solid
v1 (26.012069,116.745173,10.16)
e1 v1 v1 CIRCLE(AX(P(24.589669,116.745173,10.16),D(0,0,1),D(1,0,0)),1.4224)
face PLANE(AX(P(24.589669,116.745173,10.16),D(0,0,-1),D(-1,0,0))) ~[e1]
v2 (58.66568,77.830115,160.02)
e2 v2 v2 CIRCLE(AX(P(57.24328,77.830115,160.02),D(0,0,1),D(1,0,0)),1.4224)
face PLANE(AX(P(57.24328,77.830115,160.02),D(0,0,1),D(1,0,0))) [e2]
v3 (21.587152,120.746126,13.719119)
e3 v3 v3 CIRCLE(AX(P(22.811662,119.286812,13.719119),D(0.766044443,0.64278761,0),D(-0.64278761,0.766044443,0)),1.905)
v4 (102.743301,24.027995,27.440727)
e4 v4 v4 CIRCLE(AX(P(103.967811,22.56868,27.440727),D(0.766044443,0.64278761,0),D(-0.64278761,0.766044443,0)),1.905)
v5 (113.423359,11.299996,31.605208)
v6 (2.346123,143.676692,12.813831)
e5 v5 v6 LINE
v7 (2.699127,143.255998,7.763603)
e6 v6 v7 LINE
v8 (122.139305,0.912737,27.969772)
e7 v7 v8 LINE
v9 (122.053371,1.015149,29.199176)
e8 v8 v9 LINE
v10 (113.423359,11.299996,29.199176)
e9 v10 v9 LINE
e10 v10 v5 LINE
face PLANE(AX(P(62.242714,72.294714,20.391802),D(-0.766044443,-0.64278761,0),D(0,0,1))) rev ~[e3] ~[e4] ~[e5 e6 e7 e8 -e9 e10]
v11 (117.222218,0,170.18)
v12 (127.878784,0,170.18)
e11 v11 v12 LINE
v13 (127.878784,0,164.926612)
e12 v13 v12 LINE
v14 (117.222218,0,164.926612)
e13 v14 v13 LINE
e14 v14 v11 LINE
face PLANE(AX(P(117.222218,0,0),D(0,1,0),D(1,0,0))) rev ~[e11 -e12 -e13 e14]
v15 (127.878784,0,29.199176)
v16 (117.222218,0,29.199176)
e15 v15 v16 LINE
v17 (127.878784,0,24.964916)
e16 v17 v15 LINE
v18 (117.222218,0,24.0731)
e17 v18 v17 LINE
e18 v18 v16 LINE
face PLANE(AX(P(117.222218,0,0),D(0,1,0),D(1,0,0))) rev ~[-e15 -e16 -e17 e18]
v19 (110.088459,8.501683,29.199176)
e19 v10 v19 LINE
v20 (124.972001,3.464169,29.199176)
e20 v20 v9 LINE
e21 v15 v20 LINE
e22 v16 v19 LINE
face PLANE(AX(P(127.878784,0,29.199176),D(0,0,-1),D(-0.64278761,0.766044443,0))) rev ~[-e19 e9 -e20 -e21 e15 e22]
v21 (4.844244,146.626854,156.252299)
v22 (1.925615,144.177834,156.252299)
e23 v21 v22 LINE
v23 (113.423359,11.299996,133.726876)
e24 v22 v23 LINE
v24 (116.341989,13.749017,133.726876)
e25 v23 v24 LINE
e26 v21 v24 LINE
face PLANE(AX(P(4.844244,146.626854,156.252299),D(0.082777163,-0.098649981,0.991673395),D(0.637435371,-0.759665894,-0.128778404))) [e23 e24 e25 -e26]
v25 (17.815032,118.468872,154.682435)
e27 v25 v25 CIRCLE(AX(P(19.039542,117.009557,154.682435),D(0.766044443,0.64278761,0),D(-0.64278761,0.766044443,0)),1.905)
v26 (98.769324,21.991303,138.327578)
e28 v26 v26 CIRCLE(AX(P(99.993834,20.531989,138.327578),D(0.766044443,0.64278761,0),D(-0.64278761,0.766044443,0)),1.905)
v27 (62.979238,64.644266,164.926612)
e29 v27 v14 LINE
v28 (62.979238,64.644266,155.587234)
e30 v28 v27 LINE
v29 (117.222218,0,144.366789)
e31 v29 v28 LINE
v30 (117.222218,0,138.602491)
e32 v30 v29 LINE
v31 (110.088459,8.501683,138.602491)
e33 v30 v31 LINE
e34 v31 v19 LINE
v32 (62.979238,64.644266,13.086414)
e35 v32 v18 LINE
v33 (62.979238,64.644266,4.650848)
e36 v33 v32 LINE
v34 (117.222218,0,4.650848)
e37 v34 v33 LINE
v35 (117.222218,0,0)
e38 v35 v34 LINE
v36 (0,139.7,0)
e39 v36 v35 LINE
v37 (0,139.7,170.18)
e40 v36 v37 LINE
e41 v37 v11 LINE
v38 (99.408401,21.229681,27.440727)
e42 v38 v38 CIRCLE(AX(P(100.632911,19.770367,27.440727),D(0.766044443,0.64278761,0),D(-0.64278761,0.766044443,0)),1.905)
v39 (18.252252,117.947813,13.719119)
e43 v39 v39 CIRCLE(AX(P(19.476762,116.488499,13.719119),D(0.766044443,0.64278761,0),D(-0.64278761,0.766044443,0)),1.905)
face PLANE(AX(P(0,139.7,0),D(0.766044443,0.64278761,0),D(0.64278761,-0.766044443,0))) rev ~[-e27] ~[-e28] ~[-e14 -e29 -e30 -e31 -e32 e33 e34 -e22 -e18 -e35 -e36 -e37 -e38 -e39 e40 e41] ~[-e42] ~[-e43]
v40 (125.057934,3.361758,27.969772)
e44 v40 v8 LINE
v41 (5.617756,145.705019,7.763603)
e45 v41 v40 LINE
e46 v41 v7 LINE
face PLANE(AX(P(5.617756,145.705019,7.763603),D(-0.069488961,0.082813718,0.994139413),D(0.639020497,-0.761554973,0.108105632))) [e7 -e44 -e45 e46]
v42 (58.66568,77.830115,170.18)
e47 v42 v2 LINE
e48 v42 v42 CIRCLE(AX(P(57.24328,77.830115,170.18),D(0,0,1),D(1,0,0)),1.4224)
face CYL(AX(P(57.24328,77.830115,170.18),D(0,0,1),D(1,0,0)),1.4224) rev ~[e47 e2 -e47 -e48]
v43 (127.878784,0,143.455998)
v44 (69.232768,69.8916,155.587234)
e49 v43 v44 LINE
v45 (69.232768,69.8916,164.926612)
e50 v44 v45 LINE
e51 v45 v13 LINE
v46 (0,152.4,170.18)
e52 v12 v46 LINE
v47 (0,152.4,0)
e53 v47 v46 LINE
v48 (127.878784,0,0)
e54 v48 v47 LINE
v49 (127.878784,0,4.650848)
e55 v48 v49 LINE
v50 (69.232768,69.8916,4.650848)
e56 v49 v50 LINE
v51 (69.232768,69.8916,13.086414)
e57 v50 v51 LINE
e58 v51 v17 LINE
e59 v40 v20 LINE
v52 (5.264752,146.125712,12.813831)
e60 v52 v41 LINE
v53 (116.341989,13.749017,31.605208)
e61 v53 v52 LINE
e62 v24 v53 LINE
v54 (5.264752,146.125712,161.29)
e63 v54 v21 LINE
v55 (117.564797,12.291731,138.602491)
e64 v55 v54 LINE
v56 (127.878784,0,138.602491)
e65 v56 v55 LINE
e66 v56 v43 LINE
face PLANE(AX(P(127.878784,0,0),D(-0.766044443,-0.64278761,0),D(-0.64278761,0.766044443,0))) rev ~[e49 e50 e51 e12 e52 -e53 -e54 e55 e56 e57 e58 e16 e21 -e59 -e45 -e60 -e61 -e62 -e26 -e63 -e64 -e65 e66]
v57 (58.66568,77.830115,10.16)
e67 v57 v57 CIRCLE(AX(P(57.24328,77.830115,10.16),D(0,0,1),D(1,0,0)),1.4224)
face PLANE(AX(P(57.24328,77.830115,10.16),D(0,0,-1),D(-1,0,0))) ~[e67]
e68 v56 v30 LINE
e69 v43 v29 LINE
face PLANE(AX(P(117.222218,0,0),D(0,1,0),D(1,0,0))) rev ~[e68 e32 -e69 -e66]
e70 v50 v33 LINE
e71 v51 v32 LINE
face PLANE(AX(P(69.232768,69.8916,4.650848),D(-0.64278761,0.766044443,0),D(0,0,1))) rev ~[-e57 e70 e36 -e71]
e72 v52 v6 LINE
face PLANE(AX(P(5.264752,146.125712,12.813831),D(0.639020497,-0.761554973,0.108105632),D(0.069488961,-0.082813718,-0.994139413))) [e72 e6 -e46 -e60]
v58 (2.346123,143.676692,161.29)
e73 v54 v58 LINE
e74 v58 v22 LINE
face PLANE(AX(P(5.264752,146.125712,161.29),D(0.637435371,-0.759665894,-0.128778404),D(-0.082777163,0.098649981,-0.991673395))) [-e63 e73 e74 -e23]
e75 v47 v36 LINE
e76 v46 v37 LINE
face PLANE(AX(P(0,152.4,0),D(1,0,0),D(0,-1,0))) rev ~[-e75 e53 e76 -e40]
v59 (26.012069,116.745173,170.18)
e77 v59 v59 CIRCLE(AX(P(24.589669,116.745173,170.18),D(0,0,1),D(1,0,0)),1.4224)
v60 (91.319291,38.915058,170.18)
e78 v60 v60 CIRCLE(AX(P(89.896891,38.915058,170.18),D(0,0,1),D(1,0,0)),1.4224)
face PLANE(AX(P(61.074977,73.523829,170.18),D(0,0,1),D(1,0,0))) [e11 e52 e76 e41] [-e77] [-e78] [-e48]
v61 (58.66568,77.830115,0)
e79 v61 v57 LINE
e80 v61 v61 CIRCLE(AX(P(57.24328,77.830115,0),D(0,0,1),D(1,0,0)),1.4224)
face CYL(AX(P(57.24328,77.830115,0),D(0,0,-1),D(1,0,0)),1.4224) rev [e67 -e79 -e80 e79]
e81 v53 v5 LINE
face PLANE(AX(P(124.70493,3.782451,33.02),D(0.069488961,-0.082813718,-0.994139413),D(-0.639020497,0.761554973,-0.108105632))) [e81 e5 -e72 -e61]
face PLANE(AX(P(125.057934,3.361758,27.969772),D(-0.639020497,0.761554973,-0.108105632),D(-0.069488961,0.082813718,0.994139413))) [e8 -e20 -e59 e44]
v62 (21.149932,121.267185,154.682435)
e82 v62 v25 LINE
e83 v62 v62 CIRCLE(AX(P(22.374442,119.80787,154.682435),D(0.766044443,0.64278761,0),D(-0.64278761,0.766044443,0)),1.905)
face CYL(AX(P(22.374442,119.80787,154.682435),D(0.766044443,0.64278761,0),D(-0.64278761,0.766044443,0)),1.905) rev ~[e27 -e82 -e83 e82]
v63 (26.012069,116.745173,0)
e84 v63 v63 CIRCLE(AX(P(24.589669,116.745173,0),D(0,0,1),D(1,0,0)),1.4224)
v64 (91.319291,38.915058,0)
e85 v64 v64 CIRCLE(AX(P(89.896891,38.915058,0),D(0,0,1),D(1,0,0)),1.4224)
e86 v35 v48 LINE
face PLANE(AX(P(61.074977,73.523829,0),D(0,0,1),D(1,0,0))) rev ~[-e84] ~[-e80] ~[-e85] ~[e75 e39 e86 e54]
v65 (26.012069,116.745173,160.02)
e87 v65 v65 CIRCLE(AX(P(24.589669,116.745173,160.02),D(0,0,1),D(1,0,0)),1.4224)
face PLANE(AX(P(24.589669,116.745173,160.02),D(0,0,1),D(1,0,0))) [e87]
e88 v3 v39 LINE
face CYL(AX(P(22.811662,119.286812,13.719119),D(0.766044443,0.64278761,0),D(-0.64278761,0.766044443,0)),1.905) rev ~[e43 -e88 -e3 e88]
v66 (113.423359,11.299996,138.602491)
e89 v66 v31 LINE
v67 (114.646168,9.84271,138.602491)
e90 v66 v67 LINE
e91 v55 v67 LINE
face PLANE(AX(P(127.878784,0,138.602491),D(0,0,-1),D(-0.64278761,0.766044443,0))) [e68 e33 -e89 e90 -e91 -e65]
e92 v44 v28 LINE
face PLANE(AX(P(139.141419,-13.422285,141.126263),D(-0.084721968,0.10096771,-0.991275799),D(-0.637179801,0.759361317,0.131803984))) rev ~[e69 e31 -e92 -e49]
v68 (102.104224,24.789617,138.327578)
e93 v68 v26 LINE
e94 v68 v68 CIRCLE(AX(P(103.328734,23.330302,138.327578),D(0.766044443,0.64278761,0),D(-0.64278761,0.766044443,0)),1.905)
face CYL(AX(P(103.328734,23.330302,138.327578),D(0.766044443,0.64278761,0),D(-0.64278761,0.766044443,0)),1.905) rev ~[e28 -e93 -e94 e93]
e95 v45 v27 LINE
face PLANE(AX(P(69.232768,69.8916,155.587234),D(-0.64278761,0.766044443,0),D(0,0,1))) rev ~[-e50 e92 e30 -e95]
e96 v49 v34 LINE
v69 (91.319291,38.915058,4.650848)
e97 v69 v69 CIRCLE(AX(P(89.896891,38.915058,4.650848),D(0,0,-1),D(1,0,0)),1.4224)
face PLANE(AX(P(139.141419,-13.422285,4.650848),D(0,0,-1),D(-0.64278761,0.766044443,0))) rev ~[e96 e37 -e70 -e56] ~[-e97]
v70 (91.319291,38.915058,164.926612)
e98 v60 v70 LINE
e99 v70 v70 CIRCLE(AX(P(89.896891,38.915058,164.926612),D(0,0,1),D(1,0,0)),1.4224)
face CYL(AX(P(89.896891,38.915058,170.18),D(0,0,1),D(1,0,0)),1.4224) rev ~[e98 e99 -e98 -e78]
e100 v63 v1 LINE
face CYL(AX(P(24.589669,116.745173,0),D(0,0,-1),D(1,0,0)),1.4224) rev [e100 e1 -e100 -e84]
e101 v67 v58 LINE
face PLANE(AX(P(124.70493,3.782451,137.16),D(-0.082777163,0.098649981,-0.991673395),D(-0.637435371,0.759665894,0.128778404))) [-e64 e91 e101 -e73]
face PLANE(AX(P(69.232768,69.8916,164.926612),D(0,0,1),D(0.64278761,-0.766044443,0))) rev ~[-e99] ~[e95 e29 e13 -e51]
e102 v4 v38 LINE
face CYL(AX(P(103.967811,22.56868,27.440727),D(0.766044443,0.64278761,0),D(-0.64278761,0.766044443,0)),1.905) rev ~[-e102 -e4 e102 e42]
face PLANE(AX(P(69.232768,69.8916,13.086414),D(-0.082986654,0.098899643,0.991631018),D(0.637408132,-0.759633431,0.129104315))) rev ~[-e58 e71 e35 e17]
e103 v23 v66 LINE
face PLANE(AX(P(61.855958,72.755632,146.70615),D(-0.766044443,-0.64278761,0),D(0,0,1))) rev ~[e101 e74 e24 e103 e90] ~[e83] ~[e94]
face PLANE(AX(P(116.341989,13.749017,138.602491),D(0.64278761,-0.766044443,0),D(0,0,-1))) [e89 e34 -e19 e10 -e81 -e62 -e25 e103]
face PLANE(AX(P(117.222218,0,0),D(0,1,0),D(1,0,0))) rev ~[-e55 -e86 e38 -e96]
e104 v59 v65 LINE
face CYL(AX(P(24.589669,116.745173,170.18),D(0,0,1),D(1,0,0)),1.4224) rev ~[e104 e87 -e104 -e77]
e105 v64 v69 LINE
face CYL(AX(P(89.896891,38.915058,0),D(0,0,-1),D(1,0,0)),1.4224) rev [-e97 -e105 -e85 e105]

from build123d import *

# Parameters (mm, degrees)
BOSS_EXTRUDE1_DEPTH     = 170.18
CUT_EXTRUDE_THIN2_DEPTH = 3.81
CUT_EXTRUDE1_DEPTH      = 25.4
SKETCH4_R               = 1.4224
CUT_EXTRUDE2_DEPTH      = 10.16
SKETCH5_W               = 109.403315499
SKETCH5_H               = 17.948067256
CUT_EXTRUDE3_DEPTH      = 12.7
SKETCH6_R               = 1.905
CUT_EXTRUDE4_DEPTH      = 12.7


with BuildPart() as part:
    # Sketch1 → Boss-Extrude1 (new body)
    with BuildSketch(Plane.XY):
        Polygon((0, 139.7), (117.222218475, 0), (127.878783791, 0), (0, 152.4), align=None)
    extrude(amount=BOSS_EXTRUDE1_DEPTH)

    # Sketch2 → Cut-Extrude-Thin2 (cut)
    with BuildSketch(Plane(origin=(75.04235078, 62.968008862, 0), x_dir=(0, 0, -1), z_dir=(0.7660444431189745, 0.6427876096865436, 0))):
        Polygon((-137.16, -77.261258255), (-161.29, 108.554672373), (-156.252299153, 109.208866666), (-132.122299153, -76.607063962), align=None)
        Polygon((-33.02, -77.261258255), (-12.813831453, 108.554672373), (-7.763603235, 108.005495764), (-27.969771782, -77.810434864), align=None)
    extrude(amount=-CUT_EXTRUDE_THIN2_DEPTH, mode=Mode.SUBTRACT)

    # Sketch3 → Cut-Extrude1 (cut)
    with BuildSketch(Plane(origin=(75.04235078, 62.968008862, 0), x_dir=(0, 0, -1), z_dir=(0.7660444431189745, 0.6427876096865436, 0))):
        Polygon((-164.926611636, 9.038106978), (-164.926611636, -99.720446986), (-141.126263261, -99.720446986), (-155.587234425, 9.038106978), align=None)
        Polygon((-13.086414412, 9.038106978), (-27.246115343, -99.720446986), (-4.650847899, -99.720446986), (-4.650847899, 9.038106978), align=None)
    extrude(amount=-CUT_EXTRUDE1_DEPTH, mode=Mode.SUBTRACT)

    # Sketch4 → Cut-Extrude2 (cut)
    with BuildSketch(Plane.XY.offset(170.18)):
        with Locations((24.589669417, 116.745173131)):
            Circle(SKETCH4_R)
        with Locations((57.243279989, 77.830115421)):
            Circle(SKETCH4_R)
        with Locations((89.896890561, 38.91505771)):
            Circle(SKETCH4_R)
    cut_extrude2 = extrude(amount=-CUT_EXTRUDE2_DEPTH, mode=Mode.SUBTRACT)

    # Mirror1: Cut-Extrude2 across plane
    add(cut_extrude2.mirror(Plane.XY.offset(85.09)), mode=Mode.SUBTRACT)

    # Sketch5 → Cut-Extrude3 (cut)
    with BuildSketch(Plane(origin=(75.04235078, 62.968008862, 0), x_dir=(0, 0, -1), z_dir=(0.7660444431189746, 0.6427876096865437, 0))):
        with Locations((-83.900833528, -73.224864135)):
            Rectangle(SKETCH5_W, SKETCH5_H)
    extrude(amount=-CUT_EXTRUDE3_DEPTH, mode=Mode.SUBTRACT)

    # Sketch6 → Cut-Extrude4 (cut)
    with BuildSketch(Plane(origin=(72.123721451, 60.518988069, 0), x_dir=(0, 0, -1), z_dir=(0.7660444431189746, 0.6427876096865437, 0))):
        with Locations(Location((-154.682435242, 77.396139224, 0), (0, 0, 90))):
            Circle(SKETCH6_R)
        with Locations(Location((-138.327577907, -48.546381958, 0), (0, 0, 90))):
            Circle(SKETCH6_R)
        with Locations(Location((-13.719119266, 76.715945514, 0), (0, 0, 90))):
            Circle(SKETCH6_R)
        with Locations(Location((-27.440726954, -49.540608702, 0), (0, 0, 90))):
            Circle(SKETCH6_R)
    extrude(amount=-CUT_EXTRUDE4_DEPTH, mode=Mode.SUBTRACT)


solid = part.part
